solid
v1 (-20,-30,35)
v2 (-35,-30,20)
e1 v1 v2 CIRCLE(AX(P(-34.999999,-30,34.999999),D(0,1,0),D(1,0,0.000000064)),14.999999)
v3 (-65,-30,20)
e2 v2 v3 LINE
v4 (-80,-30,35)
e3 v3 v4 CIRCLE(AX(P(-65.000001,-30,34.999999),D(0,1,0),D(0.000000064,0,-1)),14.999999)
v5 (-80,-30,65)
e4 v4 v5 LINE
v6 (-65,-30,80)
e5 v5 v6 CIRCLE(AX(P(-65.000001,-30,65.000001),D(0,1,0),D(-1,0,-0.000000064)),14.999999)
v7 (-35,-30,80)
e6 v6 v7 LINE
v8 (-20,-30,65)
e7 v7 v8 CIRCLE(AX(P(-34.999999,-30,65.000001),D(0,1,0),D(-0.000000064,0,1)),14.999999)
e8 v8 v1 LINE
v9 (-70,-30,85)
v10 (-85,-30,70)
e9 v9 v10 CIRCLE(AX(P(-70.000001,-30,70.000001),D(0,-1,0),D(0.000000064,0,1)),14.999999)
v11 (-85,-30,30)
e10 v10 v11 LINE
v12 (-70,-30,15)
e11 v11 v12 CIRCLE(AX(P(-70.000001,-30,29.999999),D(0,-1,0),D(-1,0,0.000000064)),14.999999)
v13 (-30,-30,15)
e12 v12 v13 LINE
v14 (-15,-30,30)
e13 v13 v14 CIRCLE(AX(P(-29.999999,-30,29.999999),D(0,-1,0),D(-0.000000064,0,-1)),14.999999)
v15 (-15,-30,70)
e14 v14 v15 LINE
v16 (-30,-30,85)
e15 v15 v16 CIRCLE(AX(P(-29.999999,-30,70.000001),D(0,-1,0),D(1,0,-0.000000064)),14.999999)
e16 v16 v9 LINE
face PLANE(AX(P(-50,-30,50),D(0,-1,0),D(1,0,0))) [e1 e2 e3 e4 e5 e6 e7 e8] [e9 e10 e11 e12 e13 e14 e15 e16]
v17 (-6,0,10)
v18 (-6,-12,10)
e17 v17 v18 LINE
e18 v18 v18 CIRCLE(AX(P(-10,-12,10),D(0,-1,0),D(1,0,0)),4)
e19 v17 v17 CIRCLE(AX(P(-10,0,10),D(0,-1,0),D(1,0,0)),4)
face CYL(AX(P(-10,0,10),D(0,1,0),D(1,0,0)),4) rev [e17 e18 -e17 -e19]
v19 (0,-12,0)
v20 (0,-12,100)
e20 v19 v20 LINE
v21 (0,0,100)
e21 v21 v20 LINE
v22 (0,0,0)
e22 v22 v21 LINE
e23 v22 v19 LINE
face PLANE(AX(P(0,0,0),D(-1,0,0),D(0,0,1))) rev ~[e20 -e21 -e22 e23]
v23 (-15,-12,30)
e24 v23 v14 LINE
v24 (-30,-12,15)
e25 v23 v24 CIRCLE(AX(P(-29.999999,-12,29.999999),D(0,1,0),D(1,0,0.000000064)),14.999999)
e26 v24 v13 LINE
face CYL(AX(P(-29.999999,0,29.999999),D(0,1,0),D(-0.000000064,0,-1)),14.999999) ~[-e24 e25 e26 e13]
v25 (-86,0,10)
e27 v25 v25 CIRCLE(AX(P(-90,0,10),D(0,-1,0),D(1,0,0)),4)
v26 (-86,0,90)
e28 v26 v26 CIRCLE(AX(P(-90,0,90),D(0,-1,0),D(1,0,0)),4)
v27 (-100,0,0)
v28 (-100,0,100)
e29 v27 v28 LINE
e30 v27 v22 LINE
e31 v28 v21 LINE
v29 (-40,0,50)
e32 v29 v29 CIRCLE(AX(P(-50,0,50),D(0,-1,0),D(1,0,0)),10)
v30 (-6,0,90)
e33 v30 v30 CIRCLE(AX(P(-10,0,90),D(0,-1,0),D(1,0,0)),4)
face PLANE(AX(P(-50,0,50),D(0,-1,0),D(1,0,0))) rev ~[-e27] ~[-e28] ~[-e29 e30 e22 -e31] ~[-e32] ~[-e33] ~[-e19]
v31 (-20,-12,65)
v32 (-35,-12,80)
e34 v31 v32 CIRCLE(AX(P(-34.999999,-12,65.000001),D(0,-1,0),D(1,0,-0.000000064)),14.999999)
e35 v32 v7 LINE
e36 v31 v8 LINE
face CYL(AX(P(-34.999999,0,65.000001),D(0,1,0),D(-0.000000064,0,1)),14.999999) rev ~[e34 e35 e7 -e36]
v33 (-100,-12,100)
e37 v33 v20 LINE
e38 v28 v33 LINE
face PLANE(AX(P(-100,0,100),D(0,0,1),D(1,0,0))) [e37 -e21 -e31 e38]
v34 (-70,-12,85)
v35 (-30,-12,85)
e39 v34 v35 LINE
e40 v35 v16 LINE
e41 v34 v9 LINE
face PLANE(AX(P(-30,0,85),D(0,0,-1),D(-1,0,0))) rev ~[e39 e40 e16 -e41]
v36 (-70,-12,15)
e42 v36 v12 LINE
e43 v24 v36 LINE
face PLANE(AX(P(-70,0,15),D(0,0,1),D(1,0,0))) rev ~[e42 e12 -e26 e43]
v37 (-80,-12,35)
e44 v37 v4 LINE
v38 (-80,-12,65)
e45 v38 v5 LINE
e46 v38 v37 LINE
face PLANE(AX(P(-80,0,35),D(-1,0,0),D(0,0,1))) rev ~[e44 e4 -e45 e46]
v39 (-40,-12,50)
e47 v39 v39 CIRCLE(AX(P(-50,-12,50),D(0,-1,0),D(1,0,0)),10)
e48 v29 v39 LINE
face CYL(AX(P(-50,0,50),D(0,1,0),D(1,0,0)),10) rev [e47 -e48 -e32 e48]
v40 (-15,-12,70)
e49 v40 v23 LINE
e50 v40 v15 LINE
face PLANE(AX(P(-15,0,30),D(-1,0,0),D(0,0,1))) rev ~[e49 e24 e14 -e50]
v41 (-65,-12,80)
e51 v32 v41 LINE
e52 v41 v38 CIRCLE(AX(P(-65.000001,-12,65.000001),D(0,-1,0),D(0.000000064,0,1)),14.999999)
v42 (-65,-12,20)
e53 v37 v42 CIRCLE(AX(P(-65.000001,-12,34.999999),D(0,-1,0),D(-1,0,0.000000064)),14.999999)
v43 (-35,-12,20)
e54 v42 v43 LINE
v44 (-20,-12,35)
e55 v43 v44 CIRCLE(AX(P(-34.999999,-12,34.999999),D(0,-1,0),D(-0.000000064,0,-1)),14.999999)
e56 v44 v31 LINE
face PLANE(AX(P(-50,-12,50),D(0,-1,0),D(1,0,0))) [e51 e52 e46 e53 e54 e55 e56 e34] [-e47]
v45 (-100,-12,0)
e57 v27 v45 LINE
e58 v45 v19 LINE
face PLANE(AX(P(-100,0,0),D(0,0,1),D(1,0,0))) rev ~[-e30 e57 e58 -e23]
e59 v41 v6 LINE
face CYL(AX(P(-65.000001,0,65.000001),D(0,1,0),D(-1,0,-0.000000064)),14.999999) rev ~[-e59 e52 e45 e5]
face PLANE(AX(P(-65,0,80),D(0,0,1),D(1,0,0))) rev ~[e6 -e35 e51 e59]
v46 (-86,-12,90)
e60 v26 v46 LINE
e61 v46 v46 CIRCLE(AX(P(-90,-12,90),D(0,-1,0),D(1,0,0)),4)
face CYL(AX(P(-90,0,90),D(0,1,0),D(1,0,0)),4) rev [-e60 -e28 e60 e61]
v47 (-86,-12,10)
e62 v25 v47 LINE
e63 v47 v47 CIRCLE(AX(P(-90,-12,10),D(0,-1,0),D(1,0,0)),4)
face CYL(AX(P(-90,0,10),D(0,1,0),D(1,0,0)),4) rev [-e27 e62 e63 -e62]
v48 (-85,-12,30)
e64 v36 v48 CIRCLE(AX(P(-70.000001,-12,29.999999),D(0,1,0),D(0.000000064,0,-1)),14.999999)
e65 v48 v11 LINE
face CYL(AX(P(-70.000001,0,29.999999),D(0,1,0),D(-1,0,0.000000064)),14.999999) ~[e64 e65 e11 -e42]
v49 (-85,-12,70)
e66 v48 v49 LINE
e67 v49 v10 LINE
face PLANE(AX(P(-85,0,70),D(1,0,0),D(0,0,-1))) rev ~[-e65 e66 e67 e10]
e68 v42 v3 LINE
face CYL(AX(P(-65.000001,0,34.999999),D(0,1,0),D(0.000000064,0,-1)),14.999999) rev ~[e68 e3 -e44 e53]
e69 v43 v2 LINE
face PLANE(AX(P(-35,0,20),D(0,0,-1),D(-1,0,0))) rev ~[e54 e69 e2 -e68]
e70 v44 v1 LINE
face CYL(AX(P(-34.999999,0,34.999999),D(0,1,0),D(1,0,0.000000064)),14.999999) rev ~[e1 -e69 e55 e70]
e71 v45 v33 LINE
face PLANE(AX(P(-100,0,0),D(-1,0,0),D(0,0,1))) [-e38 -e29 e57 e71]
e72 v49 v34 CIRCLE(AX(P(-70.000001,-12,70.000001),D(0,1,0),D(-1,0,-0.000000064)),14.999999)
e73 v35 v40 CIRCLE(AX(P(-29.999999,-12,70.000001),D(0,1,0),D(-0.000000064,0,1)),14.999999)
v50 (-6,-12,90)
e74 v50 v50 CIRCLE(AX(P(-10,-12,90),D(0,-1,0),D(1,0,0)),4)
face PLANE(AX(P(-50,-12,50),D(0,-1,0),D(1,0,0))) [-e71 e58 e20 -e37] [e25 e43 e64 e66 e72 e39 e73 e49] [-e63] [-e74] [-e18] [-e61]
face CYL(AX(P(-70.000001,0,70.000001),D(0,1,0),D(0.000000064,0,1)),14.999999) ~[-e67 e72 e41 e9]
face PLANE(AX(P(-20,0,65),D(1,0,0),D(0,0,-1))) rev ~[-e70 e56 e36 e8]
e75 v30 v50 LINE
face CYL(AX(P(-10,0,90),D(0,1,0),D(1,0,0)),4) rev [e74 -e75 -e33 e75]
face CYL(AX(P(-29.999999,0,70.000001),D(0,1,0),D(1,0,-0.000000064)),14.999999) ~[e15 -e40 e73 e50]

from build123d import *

# Parameters (mm, degrees)
F1_DEPTH = 30
F0_W     = 100
F0_H     = 100
F0_R     = 4
F0_R_2   = 10
F2_DEPTH = 12


with BuildPart() as f1:
    # F0 (on Front) → F1 (new body)
    with BuildSketch(Plane.XZ):
        with BuildLine():
            Line((-30, 85), (-70, 85))
            ThreePointArc((-70, 85), (-80.606602, 80.606602), (-85, 70))
            Line((-85, 70), (-85, 30))
            ThreePointArc((-85, 30), (-80.606602, 19.393398), (-70, 15))
            Line((-70, 15), (-30, 15))
            ThreePointArc((-30, 15), (-19.393398, 19.393398), (-15, 30))
            Line((-15, 30), (-15, 70))
            ThreePointArc((-15, 70), (-19.393398, 80.606602), (-30, 85))
        make_face()
        with BuildLine():
            ThreePointArc((-80, 65), (-75.606602, 75.606602), (-65, 80))
            Line((-65, 80), (-35, 80))
            ThreePointArc((-35, 80), (-24.393398, 75.606602), (-20, 65))
            Line((-20, 65), (-20, 35))
            ThreePointArc((-20, 35), (-24.393398, 24.393398), (-35, 20))
            Line((-35, 20), (-65, 20))
            ThreePointArc((-65, 20), (-75.606602, 24.393398), (-80, 35))
            Line((-80, 35), (-80, 65))
        make_face(mode=Mode.SUBTRACT)
    extrude(amount=F1_DEPTH)

    # F0 (on Front) → F2 (join)
    with BuildSketch(Plane.XZ):
        with Locations((-50, 50)):
            Rectangle(F0_W, F0_H)
        with Locations((-90, 10)):
            Circle(F0_R, mode=Mode.SUBTRACT)
        with Locations((-10, 10)):
            Circle(F0_R, mode=Mode.SUBTRACT)
        with Locations((-90, 90)):
            Circle(F0_R, mode=Mode.SUBTRACT)
        with BuildLine():
            ThreePointArc((-85, 70), (-80.606602, 80.606602), (-70, 85))
            Line((-70, 85), (-30, 85))
            ThreePointArc((-30, 85), (-19.393398, 80.606602), (-15, 70))
            Line((-15, 70), (-15, 30))
            ThreePointArc((-15, 30), (-19.393398, 19.393398), (-30, 15))
            Line((-30, 15), (-70, 15))
            ThreePointArc((-70, 15), (-80.606602, 19.393398), (-85, 30))
            Line((-85, 30), (-85, 70))
        make_face(mode=Mode.SUBTRACT)
        with Locations((-10, 90)):
            Circle(F0_R, mode=Mode.SUBTRACT)
        with BuildLine():
            Line((-35, 80), (-65, 80))
            ThreePointArc((-65, 80), (-75.606602, 75.606602), (-80, 65))
            Line((-80, 65), (-80, 35))
            ThreePointArc((-80, 35), (-75.606602, 24.393398), (-65, 20))
            Line((-65, 20), (-35, 20))
            ThreePointArc((-35, 20), (-24.393398, 24.393398), (-20, 35))
            Line((-20, 35), (-20, 65))
            ThreePointArc((-20, 65), (-24.393398, 75.606602), (-35, 80))
        make_face()
        with Locations((-50, 50)):
            Circle(F0_R_2, mode=Mode.SUBTRACT)
    extrude(amount=F2_DEPTH)


solid = f1.part
